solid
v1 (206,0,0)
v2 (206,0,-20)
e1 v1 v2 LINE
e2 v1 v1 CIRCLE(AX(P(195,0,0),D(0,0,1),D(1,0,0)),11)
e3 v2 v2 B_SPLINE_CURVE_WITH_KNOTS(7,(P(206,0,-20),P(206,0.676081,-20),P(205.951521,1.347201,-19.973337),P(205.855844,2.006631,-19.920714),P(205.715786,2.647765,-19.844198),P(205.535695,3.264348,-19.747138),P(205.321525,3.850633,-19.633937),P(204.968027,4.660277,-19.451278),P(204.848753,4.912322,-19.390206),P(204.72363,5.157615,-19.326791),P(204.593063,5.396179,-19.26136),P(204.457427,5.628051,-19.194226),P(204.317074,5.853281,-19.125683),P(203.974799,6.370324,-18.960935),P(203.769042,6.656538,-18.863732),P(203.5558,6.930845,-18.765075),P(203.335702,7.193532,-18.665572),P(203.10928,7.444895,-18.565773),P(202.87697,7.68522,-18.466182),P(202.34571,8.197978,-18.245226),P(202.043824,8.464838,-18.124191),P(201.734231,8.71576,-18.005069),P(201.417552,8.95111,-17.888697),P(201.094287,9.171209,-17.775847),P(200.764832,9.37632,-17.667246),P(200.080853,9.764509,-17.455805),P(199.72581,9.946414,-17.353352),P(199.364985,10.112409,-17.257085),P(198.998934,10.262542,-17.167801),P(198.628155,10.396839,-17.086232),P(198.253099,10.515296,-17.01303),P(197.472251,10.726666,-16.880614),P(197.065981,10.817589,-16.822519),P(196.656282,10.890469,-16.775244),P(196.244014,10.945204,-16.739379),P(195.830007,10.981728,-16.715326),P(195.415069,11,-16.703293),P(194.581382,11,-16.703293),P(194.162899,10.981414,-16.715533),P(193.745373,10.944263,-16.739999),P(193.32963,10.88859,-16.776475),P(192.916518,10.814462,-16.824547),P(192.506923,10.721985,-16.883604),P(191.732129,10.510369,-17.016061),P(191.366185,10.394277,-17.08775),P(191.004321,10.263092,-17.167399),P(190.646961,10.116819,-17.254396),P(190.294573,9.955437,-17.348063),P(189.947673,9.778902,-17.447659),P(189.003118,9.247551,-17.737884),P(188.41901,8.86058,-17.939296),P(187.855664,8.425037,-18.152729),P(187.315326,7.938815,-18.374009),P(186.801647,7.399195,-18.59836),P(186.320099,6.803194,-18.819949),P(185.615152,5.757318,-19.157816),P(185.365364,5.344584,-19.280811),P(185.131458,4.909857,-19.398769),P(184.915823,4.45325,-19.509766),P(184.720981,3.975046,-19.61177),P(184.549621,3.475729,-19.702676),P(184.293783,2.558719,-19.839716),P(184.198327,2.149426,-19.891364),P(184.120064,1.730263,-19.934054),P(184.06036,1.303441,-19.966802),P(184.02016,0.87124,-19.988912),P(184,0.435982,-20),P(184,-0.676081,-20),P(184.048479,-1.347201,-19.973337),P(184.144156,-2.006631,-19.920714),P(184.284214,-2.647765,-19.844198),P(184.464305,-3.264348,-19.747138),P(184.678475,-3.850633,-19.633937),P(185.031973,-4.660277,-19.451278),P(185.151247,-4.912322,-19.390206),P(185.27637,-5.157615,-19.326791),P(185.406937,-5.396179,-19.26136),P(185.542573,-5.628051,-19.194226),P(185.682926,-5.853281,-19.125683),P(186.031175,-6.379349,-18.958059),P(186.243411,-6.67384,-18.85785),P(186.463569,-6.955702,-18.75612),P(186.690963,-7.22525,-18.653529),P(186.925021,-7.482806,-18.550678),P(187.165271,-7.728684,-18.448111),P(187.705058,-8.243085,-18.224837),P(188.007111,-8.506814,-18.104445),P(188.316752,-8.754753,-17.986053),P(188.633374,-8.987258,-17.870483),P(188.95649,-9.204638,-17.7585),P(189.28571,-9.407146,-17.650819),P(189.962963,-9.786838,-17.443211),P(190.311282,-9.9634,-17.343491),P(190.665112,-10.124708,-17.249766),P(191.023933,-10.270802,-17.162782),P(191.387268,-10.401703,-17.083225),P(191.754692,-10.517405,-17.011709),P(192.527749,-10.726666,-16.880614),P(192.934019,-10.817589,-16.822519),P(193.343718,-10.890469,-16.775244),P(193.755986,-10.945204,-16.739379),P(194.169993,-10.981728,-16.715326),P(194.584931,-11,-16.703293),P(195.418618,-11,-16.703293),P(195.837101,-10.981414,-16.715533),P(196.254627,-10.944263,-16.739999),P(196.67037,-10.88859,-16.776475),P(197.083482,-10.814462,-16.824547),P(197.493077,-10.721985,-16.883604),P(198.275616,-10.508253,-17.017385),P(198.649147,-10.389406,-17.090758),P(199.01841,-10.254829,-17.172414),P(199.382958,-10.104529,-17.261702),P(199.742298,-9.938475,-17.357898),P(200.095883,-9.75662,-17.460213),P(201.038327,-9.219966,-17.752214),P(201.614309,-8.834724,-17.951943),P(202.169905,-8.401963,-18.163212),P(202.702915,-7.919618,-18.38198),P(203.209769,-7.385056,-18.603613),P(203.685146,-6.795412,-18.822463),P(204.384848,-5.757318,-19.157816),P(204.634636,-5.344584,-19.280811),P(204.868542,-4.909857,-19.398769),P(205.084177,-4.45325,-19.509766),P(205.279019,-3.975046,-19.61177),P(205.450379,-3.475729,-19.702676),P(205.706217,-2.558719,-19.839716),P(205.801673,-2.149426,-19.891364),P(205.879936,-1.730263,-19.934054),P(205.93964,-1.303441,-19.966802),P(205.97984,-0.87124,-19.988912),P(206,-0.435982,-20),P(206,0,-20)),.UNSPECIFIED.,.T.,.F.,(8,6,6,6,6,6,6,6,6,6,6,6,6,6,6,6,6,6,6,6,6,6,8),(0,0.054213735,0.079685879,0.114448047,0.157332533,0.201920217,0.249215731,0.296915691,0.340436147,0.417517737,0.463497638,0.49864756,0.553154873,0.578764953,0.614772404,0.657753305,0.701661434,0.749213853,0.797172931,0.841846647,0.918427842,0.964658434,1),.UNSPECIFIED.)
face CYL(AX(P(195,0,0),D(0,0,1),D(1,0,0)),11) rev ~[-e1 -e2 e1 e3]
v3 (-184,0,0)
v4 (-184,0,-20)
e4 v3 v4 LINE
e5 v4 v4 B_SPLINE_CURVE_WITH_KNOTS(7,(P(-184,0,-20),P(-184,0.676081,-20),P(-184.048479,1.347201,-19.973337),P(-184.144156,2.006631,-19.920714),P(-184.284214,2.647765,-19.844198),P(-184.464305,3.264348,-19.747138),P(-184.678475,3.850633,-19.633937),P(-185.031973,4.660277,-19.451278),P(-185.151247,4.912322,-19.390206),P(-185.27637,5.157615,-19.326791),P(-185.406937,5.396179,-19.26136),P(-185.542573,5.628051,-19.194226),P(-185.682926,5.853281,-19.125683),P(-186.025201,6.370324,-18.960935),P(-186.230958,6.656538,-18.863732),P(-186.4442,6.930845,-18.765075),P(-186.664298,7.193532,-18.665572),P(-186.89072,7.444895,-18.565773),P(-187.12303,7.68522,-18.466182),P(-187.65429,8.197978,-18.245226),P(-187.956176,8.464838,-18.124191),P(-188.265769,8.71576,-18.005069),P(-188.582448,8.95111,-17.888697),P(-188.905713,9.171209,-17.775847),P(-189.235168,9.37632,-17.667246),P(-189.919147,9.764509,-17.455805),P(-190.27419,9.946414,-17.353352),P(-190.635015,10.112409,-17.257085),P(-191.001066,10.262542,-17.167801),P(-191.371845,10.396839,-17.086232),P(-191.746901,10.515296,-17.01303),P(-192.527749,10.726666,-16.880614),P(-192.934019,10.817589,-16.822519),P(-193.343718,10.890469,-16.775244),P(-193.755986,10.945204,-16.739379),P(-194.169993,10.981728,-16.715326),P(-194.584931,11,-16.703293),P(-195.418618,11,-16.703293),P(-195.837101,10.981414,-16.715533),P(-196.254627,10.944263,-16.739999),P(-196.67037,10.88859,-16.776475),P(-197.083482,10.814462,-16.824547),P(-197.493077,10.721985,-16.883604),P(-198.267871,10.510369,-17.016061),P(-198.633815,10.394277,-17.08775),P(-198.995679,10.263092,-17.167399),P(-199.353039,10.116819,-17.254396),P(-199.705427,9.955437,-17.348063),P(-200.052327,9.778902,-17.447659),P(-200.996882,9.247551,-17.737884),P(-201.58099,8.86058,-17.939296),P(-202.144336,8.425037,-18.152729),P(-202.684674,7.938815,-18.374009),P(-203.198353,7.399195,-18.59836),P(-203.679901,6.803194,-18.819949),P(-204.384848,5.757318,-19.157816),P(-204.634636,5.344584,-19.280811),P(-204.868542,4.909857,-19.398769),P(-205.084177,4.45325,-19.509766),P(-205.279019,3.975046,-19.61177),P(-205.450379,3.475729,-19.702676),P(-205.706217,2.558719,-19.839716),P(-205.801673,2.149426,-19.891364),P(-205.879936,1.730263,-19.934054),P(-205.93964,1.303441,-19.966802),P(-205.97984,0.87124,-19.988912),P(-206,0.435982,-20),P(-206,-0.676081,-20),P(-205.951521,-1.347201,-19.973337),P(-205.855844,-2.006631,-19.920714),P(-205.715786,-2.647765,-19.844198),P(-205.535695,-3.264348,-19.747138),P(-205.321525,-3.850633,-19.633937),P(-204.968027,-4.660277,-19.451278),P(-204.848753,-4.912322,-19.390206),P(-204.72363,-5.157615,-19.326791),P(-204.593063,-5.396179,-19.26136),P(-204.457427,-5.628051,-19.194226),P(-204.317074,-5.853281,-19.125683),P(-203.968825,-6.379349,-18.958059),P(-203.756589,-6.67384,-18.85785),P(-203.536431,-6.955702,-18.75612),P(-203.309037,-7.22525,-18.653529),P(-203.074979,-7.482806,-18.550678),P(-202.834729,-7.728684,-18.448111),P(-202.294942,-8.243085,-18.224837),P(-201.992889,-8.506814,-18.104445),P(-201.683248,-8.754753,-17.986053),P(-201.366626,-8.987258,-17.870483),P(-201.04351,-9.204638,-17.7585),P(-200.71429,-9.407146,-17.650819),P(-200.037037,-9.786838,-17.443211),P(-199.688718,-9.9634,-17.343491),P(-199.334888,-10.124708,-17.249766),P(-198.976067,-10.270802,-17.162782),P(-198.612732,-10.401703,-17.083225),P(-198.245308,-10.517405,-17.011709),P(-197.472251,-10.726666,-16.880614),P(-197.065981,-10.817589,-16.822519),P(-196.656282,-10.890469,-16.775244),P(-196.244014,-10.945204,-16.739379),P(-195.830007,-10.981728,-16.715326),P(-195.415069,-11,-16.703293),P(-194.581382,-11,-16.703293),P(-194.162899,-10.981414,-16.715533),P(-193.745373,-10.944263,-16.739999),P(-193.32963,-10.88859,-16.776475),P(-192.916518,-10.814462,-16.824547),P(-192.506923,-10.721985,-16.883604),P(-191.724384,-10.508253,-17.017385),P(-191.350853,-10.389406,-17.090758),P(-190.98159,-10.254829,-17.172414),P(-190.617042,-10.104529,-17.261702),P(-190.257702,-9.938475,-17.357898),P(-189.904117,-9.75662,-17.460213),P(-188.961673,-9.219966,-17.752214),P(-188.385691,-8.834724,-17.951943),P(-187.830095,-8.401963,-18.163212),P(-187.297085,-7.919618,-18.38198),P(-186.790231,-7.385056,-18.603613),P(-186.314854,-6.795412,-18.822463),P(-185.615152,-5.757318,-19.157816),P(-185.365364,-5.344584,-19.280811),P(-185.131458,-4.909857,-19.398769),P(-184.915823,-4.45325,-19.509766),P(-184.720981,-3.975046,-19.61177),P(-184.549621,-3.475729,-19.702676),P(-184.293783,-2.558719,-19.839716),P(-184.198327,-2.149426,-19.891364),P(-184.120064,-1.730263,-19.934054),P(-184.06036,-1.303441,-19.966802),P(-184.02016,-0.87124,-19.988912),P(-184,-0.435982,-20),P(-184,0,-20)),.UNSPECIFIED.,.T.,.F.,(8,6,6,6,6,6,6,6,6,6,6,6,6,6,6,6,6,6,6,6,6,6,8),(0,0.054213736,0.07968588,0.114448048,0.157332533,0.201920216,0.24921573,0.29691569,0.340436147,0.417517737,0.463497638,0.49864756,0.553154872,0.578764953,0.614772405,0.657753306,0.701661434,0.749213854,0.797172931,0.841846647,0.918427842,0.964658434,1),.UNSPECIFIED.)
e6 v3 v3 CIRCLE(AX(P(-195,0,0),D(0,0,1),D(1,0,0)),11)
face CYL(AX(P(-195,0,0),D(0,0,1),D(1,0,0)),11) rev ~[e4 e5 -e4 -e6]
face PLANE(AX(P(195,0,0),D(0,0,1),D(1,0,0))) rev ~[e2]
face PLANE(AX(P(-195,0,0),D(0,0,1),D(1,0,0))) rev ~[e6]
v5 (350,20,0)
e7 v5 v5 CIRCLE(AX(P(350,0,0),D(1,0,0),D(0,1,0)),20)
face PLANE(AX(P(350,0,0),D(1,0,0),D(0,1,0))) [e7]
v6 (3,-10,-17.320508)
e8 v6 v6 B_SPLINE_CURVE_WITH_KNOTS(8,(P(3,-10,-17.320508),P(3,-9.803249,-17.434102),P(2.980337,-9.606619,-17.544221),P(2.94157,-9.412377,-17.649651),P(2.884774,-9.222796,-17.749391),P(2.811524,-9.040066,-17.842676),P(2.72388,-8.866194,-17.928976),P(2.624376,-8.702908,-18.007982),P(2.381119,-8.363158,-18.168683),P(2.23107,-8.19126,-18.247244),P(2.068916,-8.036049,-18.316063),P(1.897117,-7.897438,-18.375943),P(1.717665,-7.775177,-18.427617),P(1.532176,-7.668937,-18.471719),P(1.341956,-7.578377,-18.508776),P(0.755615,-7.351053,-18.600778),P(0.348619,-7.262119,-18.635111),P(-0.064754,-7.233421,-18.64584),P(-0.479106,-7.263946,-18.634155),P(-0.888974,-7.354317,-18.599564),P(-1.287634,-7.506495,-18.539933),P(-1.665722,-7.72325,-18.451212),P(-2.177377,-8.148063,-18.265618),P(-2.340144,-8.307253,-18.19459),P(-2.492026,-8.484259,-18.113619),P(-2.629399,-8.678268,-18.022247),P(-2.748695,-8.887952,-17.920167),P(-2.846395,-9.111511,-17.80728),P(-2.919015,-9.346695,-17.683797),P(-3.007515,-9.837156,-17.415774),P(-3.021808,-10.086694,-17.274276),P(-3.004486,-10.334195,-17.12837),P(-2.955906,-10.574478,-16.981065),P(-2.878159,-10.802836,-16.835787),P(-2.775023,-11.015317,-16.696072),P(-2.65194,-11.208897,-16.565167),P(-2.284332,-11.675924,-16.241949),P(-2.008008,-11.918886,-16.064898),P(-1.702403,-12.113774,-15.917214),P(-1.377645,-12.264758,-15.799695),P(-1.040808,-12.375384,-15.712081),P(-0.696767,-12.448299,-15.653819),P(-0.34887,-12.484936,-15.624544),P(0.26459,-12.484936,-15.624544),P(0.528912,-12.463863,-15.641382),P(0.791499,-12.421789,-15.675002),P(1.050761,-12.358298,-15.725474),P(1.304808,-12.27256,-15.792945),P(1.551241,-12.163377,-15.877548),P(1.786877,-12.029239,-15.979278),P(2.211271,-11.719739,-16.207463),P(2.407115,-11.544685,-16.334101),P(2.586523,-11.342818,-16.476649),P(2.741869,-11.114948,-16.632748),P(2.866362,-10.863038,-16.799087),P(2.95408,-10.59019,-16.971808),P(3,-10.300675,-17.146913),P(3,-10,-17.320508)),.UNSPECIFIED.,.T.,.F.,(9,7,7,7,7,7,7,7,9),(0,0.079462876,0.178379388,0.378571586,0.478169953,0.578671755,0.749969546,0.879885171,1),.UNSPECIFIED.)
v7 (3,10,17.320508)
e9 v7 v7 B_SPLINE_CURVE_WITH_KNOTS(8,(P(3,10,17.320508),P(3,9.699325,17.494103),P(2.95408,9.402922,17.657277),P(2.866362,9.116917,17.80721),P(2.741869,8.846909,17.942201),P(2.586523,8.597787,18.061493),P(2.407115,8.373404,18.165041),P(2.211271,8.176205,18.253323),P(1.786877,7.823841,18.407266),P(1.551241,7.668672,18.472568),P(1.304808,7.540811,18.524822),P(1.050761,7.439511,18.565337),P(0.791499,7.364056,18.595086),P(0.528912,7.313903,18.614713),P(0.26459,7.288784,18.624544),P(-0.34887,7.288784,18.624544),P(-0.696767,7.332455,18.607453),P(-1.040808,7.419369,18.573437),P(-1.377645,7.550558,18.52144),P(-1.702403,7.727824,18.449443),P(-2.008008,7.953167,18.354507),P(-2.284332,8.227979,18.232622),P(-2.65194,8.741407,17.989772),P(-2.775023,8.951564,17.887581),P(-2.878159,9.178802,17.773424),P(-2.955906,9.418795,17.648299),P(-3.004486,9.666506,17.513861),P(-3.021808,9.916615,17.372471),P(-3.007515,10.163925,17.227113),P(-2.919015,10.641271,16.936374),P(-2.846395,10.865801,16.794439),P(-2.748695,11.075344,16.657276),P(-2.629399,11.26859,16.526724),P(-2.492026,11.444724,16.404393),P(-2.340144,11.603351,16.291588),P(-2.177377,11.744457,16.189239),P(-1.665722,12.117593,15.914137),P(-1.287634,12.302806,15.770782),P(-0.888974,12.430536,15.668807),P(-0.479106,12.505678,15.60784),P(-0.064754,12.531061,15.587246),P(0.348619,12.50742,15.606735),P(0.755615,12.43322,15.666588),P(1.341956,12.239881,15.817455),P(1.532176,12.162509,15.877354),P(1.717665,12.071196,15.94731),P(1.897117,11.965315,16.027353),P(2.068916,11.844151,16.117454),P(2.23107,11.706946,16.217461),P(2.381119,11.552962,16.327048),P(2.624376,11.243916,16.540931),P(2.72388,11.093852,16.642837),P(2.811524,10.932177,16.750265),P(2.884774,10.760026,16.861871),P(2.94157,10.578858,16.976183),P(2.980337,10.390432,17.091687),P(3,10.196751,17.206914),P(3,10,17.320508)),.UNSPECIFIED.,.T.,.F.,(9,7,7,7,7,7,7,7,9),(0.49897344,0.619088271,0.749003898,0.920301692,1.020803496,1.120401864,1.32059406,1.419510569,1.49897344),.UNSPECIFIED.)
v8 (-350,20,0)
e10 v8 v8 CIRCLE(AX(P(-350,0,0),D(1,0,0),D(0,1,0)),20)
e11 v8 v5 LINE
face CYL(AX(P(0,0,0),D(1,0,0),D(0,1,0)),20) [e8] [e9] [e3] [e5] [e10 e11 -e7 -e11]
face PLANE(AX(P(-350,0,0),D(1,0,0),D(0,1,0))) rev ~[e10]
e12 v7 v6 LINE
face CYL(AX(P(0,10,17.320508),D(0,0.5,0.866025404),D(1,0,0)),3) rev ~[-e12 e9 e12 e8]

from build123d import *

# Parameters (mm, degrees)
F1_DEPTH = 350
F2_R     = 11
F3_DEPTH = 25.4
F5_R     = 3
F6_DEPTH = 47.3215082123


with BuildPart() as f1:
    # F0 (on Right) → F1 (new body, symmetric)
    with BuildSketch(Plane.YZ):
        with BuildLine():
            ThreePointArc((10, 17.3205080757), (-17.3205080757, -10), (20, 0))
            ThreePointArc((20, 0), (17.3205080757, 10), (10, 17.3205080757))
        make_face()
    extrude(amount=F1_DEPTH, both=True)

    # F2 (on Top) → F3 (cut)
    with BuildSketch(Plane.XY):
        with Locations((-195, 0)):
            Circle(F2_R)
        with Locations((195, 0)):
            Circle(F2_R)
    extrude(amount=-F3_DEPTH, mode=Mode.SUBTRACT)

    # F5 (on face) → F6 (cut, through all)
    with BuildSketch(Plane(origin=(0, 10, 17.3205080757), x_dir=(1, 0, 0), z_dir=(0, 0.5, 0.8660254038))):
        Circle(F5_R)
    extrude(amount=-F6_DEPTH, mode=Mode.SUBTRACT)


solid = f1.part
